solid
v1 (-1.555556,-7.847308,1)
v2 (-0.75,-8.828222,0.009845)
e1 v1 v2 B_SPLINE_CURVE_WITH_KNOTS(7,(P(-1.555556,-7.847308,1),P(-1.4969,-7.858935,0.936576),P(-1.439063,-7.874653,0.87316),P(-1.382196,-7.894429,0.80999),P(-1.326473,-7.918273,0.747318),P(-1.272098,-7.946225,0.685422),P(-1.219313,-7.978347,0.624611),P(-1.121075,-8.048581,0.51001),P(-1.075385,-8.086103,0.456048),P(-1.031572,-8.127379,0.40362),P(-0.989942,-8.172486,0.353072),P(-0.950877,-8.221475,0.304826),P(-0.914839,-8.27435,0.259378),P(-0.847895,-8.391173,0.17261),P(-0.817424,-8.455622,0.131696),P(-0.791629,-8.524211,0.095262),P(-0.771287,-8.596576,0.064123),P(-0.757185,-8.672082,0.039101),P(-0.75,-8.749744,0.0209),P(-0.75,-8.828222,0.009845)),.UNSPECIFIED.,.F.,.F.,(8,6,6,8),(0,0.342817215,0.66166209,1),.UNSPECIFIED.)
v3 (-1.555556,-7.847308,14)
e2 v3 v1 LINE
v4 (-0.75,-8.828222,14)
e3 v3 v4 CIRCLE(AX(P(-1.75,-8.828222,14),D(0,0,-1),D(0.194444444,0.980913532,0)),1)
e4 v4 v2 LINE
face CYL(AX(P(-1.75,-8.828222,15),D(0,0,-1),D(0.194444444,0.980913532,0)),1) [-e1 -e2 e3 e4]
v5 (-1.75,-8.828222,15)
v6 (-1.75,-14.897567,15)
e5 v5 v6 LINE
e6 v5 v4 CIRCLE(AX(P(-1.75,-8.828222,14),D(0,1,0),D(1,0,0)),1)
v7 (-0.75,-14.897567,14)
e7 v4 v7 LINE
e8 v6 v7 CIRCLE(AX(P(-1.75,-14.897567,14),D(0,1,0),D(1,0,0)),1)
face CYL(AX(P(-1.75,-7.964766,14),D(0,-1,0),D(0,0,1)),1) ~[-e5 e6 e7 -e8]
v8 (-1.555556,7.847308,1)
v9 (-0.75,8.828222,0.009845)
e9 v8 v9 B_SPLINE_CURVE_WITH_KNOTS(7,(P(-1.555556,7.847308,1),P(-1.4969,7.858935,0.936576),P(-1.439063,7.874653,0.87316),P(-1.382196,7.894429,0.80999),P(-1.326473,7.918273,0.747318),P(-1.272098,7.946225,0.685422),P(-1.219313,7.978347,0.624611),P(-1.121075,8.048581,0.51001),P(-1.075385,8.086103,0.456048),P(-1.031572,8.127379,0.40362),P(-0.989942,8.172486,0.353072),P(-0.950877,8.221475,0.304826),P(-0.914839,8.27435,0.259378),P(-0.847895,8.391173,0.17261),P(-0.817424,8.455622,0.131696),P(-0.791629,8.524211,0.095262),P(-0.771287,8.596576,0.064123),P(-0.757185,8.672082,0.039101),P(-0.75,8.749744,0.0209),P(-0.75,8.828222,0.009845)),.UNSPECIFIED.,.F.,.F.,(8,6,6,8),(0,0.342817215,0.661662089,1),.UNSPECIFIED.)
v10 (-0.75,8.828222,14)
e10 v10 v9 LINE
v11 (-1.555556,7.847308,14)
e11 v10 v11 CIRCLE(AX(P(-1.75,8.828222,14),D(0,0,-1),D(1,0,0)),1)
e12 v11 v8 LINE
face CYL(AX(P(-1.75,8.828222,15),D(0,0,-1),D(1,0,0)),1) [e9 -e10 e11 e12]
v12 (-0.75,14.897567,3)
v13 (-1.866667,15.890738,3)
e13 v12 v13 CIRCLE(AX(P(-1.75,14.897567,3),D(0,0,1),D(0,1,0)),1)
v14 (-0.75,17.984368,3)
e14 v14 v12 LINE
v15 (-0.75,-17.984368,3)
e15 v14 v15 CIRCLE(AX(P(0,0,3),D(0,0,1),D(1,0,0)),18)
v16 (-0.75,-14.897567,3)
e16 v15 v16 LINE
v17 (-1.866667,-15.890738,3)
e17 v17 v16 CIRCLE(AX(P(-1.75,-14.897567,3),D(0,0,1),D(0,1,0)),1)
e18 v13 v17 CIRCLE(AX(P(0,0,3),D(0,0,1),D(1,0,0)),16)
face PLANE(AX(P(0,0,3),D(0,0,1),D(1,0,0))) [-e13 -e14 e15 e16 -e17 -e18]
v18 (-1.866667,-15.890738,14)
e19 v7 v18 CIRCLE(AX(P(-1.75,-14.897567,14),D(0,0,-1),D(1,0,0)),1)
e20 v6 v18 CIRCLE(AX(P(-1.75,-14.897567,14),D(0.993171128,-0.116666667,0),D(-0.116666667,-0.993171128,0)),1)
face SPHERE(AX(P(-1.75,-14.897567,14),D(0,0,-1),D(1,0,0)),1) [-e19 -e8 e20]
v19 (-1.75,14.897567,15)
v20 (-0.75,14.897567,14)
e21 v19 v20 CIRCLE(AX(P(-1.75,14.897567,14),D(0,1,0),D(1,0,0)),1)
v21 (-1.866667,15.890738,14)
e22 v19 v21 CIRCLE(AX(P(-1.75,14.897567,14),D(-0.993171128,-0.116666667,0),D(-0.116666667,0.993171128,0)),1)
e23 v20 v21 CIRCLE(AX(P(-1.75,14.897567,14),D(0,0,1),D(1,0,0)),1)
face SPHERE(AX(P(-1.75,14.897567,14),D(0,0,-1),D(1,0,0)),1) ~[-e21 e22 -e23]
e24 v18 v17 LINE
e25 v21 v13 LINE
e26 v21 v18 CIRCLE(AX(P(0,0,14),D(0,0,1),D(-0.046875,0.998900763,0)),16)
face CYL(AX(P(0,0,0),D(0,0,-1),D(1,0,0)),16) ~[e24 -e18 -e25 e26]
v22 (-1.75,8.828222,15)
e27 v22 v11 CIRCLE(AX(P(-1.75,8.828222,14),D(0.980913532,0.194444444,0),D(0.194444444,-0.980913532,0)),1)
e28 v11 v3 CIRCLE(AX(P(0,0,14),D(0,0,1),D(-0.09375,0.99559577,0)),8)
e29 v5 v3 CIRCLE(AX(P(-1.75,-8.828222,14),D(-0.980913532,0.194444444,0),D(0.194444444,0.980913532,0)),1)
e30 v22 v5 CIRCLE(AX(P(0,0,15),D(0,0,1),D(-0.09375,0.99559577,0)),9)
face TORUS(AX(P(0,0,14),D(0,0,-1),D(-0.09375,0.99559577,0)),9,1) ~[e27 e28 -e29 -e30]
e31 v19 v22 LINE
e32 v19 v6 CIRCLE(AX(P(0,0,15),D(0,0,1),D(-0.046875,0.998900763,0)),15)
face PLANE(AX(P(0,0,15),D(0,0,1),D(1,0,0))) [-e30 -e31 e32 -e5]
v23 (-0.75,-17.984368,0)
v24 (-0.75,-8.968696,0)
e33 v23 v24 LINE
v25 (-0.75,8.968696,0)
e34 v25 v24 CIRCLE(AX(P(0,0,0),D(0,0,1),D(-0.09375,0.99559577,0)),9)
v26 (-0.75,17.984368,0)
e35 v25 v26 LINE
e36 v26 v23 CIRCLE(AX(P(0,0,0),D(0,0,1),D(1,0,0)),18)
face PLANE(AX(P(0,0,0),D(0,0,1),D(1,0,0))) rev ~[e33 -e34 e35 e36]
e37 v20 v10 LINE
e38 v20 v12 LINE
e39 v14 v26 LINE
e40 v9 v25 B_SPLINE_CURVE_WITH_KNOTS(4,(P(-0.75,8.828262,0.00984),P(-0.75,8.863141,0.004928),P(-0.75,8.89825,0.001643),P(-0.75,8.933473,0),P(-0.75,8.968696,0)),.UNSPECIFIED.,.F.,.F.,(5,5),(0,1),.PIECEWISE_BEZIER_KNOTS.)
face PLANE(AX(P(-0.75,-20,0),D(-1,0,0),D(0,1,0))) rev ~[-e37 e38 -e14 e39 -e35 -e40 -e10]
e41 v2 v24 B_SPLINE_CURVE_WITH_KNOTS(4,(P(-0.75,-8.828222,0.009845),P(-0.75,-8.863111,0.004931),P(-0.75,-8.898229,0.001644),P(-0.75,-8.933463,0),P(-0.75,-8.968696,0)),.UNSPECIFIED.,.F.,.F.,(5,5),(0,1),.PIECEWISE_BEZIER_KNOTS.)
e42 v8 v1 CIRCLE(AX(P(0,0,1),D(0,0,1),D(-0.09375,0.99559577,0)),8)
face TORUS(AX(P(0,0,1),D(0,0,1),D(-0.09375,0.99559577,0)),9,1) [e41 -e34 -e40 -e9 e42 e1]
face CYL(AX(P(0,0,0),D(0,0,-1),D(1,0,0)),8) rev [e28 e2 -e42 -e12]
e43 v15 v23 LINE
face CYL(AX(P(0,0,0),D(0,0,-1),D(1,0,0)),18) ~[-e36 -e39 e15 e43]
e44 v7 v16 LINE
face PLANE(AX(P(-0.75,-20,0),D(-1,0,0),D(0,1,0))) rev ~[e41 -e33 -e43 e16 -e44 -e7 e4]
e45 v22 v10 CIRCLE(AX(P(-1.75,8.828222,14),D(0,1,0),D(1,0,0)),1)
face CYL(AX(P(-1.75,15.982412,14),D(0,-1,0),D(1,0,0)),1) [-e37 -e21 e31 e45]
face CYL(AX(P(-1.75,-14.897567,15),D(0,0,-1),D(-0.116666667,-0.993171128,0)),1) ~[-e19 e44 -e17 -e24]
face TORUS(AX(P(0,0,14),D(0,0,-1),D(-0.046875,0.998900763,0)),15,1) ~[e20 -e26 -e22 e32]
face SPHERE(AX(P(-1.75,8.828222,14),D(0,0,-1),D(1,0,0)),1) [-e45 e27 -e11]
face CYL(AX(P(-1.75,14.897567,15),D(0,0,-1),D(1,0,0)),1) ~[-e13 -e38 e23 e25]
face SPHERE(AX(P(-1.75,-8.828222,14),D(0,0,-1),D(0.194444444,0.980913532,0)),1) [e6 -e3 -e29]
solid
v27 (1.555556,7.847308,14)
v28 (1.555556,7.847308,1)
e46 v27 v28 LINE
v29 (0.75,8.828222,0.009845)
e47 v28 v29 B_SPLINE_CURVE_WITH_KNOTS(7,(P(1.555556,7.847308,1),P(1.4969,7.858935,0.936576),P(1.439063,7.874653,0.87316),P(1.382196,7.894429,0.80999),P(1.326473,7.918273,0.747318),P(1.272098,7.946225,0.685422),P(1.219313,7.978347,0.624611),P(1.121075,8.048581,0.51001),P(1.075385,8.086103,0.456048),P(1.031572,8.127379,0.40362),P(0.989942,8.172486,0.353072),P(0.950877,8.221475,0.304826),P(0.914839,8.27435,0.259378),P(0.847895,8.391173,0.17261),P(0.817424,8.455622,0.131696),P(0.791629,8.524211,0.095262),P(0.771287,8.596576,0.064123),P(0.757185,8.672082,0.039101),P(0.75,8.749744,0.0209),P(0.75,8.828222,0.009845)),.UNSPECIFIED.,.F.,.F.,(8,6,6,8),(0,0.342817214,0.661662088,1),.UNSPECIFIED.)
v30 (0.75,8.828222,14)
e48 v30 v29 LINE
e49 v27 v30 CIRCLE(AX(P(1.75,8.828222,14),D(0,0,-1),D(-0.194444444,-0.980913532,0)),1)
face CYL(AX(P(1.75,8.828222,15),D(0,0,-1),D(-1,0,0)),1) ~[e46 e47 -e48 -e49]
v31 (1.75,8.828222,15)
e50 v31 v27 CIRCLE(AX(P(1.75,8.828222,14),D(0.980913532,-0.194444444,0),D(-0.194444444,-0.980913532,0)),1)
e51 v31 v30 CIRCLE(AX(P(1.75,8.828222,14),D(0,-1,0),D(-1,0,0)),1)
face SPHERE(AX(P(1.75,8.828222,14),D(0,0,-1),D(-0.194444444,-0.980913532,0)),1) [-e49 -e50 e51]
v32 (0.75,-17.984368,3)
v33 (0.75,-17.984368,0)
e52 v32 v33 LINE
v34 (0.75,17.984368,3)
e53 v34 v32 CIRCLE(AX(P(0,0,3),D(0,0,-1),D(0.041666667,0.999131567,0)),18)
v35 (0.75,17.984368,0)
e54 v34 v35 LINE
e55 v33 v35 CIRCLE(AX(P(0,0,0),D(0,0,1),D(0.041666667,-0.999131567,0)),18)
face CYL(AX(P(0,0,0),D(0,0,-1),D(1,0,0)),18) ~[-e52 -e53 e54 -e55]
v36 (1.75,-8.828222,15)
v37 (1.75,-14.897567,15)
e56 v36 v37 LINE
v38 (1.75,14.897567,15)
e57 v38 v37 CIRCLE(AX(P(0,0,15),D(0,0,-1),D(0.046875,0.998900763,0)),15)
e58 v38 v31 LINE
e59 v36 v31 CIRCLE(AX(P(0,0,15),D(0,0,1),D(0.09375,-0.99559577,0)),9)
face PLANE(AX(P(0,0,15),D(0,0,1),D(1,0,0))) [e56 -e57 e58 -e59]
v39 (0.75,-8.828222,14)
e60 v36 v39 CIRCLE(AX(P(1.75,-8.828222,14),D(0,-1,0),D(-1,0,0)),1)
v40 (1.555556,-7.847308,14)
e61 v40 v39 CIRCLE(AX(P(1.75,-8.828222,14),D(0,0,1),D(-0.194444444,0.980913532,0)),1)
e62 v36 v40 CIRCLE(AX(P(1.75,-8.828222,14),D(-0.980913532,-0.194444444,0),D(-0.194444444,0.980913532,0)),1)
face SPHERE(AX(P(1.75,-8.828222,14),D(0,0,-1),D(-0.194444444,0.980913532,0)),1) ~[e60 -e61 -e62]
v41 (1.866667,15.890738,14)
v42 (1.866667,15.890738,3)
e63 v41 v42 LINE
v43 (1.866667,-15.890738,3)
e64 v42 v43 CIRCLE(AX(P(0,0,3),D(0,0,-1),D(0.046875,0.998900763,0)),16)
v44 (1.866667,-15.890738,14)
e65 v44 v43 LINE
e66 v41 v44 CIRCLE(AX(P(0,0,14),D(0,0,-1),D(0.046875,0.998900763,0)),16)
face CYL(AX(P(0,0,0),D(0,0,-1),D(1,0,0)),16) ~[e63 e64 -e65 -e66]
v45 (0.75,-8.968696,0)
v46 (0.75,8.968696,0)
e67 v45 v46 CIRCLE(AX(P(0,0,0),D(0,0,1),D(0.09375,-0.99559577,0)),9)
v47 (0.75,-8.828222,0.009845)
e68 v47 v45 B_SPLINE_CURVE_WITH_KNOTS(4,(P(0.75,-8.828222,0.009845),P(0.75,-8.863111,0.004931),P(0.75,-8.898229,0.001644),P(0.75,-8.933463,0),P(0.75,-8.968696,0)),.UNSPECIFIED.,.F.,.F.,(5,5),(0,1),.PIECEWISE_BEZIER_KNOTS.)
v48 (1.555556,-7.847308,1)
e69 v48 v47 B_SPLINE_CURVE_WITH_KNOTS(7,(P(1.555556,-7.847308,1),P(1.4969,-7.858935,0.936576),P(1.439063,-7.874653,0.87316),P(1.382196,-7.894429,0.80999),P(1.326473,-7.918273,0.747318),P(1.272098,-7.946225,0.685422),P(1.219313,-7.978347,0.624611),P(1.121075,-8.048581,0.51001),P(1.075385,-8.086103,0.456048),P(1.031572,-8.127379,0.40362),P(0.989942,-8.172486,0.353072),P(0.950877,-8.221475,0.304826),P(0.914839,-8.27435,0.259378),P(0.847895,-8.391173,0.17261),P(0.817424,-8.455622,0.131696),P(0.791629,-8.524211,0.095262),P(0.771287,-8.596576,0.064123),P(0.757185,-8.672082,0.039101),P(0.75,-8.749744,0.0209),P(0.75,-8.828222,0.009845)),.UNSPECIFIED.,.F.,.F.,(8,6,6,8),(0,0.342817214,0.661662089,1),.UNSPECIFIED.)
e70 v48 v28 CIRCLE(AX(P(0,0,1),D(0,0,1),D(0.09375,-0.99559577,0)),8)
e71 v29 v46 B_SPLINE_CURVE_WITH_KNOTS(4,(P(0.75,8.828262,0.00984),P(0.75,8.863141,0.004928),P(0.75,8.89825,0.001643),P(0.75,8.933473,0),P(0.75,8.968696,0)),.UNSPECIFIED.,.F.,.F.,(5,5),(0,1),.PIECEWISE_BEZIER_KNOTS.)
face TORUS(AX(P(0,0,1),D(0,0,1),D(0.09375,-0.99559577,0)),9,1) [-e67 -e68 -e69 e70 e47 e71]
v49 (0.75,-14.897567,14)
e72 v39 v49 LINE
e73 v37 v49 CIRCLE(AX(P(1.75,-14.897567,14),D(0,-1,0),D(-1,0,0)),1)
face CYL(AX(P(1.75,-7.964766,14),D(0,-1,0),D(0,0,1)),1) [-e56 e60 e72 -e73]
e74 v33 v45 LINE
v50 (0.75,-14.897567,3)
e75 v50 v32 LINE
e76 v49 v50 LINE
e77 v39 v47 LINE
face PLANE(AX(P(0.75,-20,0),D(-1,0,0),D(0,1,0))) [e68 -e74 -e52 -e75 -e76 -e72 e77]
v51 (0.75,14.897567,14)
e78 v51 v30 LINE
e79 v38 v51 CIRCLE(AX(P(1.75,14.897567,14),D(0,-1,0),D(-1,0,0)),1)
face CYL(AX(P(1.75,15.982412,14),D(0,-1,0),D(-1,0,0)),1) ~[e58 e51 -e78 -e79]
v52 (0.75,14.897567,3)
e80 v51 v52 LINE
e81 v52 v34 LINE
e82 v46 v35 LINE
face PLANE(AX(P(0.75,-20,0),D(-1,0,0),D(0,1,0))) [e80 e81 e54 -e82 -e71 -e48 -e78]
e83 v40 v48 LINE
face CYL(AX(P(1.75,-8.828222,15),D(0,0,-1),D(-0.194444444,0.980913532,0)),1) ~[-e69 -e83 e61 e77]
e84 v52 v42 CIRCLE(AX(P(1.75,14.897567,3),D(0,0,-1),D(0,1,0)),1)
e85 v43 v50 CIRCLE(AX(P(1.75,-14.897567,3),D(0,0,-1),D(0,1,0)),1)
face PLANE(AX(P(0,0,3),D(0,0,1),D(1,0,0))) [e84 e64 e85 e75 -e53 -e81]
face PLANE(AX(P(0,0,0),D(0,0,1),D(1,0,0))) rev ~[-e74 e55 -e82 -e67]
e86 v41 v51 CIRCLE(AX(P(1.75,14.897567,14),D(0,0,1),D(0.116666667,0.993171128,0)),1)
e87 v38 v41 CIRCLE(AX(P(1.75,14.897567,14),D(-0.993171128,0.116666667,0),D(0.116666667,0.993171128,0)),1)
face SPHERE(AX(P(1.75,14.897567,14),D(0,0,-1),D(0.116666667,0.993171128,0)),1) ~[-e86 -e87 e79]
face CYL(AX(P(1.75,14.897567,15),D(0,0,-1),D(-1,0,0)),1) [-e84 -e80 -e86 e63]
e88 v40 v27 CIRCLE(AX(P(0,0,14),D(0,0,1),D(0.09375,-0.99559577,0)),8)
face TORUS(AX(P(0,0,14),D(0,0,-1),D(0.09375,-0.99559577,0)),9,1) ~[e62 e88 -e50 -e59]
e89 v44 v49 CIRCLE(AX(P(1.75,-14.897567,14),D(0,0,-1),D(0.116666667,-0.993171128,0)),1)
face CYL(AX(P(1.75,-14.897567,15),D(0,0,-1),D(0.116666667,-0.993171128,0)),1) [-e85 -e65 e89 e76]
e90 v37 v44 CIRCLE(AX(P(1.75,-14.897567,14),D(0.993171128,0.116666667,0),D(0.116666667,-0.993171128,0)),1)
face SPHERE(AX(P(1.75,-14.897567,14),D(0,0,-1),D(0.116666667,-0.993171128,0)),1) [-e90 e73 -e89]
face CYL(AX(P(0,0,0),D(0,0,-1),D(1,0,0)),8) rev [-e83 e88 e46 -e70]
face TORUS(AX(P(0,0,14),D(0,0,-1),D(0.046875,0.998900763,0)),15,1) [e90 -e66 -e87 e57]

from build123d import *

# Parameters (mm, degrees)
F0_R     = 16
F0_R_2   = 8
F1_DEPTH = 15
F0_R_3   = 18
F2_DEPTH = 3
F3_W     = 1.5
F3_H     = 40
F4_DEPTH = 15.001
F5_R     = 1


with BuildPart() as f1:
    # F0 (on Top) → F1 (new body)
    with BuildSketch(Plane.XY):
        Circle(F0_R)
        Circle(F0_R_2, mode=Mode.SUBTRACT)
    extrude(amount=F1_DEPTH)

    # F0 (on Top) → F2 (join)
    with BuildSketch(Plane.XY):
        Circle(F0_R_3)
        Circle(F0_R, mode=Mode.SUBTRACT)
    extrude(amount=F2_DEPTH)

    # F3 (on Top) → F4 (cut, through all)
    with BuildSketch(Plane.XY):
        Rectangle(F3_W, F3_H)
    extrude(amount=F4_DEPTH, mode=Mode.SUBTRACT)

    # F5
    f5_edges = [f1.edges().sort_by_distance(p)[0] for p in [
        (-8, 0, 0),
        (8, 0, 0),
        (-0.75, 11.973589, 15),
        (-8, 0, 15),
        (-0.75, -11.973589, 15),
        (-16, 0, 15),
        (8, 0, 15),
        (16, 0, 15),
        (0.75, -11.973589, 15),
        (0.75, 11.973589, 15),
        (-0.75, -15.982412, 9),
        (-0.75, 15.982412, 9),
        (0.75, 15.982412, 9),
        (0.75, -15.982412, 9),
        (-0.75, -7.964766, 7.5),
        (-0.75, 7.964766, 7.5),
        (0.75, 7.964766, 7.5),
        (0.75, -7.964766, 7.5),
    ]]
    fillet(f5_edges, radius=F5_R)


solid = f1.part
